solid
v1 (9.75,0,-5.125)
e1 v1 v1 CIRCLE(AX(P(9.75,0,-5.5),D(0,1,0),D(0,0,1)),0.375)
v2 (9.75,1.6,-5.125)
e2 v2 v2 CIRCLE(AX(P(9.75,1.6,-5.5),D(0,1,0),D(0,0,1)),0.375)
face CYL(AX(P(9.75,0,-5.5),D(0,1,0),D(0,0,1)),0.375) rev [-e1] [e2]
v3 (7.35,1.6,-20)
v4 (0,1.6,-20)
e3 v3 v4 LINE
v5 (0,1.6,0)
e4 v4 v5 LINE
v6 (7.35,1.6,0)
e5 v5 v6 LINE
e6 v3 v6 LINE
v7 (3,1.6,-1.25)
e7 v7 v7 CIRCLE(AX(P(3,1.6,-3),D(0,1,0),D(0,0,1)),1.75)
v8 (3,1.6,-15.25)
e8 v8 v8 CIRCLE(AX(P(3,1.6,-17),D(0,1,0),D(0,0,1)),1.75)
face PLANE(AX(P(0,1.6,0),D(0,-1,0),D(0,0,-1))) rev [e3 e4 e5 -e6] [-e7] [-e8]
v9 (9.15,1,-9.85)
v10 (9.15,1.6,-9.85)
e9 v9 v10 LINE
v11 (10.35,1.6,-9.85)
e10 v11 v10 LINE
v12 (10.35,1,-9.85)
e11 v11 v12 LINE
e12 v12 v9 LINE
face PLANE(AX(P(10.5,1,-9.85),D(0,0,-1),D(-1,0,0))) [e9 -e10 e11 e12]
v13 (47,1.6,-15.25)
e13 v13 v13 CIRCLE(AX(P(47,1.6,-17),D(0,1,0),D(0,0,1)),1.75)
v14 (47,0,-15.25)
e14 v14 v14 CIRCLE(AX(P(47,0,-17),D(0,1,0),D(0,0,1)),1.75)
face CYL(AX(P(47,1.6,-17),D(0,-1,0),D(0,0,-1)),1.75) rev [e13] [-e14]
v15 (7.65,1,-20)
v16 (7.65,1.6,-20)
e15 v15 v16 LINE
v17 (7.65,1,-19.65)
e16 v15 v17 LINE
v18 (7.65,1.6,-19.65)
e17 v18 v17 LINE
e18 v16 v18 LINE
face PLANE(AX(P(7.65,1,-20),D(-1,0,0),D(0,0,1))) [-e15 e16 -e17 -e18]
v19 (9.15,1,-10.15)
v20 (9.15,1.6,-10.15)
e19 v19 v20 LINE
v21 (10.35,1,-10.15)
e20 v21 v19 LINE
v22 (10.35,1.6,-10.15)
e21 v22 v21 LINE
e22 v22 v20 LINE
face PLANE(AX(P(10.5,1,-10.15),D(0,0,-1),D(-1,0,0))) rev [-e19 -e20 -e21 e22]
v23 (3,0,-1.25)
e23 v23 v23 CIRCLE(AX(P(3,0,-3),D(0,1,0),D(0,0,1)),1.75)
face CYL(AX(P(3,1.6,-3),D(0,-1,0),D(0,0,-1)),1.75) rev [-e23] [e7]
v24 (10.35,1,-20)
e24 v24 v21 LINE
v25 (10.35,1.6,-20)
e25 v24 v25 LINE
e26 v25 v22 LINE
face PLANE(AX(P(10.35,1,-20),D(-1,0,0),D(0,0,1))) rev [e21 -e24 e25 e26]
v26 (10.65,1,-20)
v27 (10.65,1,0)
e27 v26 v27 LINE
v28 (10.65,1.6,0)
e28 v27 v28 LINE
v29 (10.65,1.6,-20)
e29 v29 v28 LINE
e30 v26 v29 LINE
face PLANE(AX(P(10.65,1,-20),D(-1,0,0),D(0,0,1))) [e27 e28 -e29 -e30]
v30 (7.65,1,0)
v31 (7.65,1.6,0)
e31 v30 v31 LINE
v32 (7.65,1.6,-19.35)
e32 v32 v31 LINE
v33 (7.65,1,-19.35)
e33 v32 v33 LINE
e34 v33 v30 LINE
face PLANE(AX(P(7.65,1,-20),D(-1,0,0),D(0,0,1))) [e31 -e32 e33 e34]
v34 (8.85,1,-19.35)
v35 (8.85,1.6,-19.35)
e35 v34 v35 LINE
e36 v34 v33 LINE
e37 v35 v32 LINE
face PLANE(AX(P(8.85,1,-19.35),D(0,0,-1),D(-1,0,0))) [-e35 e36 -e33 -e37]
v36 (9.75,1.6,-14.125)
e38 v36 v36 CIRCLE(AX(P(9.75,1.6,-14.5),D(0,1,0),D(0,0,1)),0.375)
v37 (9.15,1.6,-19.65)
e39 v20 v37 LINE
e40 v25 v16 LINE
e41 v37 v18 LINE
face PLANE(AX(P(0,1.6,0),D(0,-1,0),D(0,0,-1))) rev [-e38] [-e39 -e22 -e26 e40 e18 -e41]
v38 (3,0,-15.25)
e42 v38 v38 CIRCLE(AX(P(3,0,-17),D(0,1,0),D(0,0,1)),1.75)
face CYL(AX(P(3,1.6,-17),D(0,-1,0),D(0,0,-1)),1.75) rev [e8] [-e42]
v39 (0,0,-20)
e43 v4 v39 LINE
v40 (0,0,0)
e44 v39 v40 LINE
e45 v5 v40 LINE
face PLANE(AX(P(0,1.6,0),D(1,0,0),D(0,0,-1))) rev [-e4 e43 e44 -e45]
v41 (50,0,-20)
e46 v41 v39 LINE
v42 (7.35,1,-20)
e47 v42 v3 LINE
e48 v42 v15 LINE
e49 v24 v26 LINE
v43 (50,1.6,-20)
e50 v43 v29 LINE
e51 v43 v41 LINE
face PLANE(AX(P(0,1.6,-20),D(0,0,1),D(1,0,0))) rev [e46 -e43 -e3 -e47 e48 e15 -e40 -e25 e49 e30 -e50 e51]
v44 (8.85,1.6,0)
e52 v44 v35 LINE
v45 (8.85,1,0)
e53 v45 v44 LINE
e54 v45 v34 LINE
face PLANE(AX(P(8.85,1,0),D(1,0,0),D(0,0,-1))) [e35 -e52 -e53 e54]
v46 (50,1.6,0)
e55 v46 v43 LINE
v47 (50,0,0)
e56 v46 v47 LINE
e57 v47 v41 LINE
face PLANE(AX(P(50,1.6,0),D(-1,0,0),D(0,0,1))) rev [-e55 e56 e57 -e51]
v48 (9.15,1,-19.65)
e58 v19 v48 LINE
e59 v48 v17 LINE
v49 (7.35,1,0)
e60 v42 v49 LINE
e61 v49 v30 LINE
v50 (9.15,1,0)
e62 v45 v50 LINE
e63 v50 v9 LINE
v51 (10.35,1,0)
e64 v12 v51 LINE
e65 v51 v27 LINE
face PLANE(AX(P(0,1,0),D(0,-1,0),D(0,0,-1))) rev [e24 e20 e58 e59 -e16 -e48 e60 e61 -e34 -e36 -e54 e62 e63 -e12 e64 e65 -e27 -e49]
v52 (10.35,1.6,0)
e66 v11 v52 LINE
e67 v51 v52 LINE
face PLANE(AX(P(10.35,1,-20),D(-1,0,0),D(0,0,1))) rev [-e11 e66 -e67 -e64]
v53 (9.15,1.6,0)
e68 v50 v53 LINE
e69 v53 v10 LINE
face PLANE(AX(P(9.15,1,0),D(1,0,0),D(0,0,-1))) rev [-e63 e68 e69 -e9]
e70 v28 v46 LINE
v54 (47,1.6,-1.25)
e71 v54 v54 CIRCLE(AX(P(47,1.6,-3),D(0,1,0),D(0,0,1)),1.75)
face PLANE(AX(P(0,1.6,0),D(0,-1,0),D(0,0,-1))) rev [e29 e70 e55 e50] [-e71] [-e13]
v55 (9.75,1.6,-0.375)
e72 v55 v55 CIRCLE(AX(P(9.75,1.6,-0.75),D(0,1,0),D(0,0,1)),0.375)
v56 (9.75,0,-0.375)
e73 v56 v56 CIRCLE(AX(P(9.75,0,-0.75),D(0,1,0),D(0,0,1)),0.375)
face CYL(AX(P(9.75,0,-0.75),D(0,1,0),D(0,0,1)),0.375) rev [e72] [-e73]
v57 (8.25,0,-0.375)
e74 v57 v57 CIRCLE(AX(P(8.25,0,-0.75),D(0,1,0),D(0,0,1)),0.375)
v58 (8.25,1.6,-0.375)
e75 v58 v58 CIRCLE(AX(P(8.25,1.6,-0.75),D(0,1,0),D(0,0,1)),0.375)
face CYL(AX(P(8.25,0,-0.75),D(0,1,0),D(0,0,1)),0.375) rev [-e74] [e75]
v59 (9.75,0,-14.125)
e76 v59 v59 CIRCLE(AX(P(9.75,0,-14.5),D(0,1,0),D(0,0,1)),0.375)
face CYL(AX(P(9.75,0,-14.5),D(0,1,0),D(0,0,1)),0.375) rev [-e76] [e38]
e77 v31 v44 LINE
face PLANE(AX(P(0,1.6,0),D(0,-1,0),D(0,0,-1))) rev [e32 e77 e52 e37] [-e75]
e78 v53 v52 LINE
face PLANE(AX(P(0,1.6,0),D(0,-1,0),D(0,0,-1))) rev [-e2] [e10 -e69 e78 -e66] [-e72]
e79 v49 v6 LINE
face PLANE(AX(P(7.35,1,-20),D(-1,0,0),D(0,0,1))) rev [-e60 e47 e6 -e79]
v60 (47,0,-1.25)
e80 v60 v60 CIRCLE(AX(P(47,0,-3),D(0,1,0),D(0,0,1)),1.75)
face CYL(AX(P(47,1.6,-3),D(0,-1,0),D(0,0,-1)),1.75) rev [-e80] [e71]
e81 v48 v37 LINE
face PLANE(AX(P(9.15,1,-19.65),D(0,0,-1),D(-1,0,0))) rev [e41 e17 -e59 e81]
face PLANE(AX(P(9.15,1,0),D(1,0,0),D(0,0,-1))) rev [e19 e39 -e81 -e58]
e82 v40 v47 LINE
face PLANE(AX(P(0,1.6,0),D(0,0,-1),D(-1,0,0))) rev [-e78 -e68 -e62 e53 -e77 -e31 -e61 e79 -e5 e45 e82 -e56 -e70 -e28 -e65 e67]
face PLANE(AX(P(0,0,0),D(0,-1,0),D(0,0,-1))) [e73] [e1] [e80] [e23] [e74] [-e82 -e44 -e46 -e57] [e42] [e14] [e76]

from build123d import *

# Parameters (mm, degrees)
SKETCH1_W           = 50
SKETCH1_H           = 20
SKETCH1_R           = 1.75
BOSS_EXTRUDE1_DEPTH = 1.6
SKETCH3_R           = 0.375
CUT_EXTRUDE1_DEPTH  = 2.6
SKETCH2_W           = 0.3
SKETCH2_H           = 20
SKETCH2_W_2         = 1.5
SKETCH2_H_2         = 0.3
CUT_EXTRUDE2_DEPTH  = 0.6


with BuildPart() as part:
    # Sketch1 → Boss-Extrude1 (new body)
    with BuildSketch(Plane(origin=(0, 0, 0), x_dir=(1, 0, 0), z_dir=(0, 1, 0))):
        with Locations((25, 10)):
            Rectangle(SKETCH1_W, SKETCH1_H)
        with Locations((3, 17)):
            Circle(SKETCH1_R, mode=Mode.SUBTRACT)
        with Locations((47, 3)):
            Circle(SKETCH1_R, mode=Mode.SUBTRACT)
        with Locations((3, 3)):
            Circle(SKETCH1_R, mode=Mode.SUBTRACT)
        with Locations((47, 17)):
            Circle(SKETCH1_R, mode=Mode.SUBTRACT)
    extrude(amount=BOSS_EXTRUDE1_DEPTH)

    # Sketch3 → Cut-Extrude1 (cut, through all)
    with BuildSketch(Plane(origin=(0, 1.6, 0), x_dir=(1, 0, 0), z_dir=(0, 1, 0))):
        with Locations((8.25, 0.75)):
            Circle(SKETCH3_R)
        with Locations((9.75, 0.75)):
            Circle(SKETCH3_R)
        with Locations((9.75, 5.5)):
            Circle(SKETCH3_R)
        with Locations((9.75, 14.5)):
            Circle(SKETCH3_R)
    extrude(amount=-CUT_EXTRUDE1_DEPTH, mode=Mode.SUBTRACT)

    # Sketch2 → Cut-Extrude2 (cut)
    with BuildSketch(Plane(origin=(0, 1.6, 0), x_dir=(1, 0, 0), z_dir=(0, 1, 0))):
        Polygon((9.15, 0), (9.15, 19.65), (7.5, 19.65), (7.5, 19.35), (8.85, 19.35), (8.85, 0), align=None)
        with Locations((7.5, 10)):
            Rectangle(SKETCH2_W, SKETCH2_H)
        with Locations((10.5, 10)):
            Rectangle(SKETCH2_W, SKETCH2_H)
        with Locations((9.75, 10)):
            Rectangle(SKETCH2_W_2, SKETCH2_H_2)
    extrude(amount=-CUT_EXTRUDE2_DEPTH, mode=Mode.SUBTRACT)


solid = part.part
